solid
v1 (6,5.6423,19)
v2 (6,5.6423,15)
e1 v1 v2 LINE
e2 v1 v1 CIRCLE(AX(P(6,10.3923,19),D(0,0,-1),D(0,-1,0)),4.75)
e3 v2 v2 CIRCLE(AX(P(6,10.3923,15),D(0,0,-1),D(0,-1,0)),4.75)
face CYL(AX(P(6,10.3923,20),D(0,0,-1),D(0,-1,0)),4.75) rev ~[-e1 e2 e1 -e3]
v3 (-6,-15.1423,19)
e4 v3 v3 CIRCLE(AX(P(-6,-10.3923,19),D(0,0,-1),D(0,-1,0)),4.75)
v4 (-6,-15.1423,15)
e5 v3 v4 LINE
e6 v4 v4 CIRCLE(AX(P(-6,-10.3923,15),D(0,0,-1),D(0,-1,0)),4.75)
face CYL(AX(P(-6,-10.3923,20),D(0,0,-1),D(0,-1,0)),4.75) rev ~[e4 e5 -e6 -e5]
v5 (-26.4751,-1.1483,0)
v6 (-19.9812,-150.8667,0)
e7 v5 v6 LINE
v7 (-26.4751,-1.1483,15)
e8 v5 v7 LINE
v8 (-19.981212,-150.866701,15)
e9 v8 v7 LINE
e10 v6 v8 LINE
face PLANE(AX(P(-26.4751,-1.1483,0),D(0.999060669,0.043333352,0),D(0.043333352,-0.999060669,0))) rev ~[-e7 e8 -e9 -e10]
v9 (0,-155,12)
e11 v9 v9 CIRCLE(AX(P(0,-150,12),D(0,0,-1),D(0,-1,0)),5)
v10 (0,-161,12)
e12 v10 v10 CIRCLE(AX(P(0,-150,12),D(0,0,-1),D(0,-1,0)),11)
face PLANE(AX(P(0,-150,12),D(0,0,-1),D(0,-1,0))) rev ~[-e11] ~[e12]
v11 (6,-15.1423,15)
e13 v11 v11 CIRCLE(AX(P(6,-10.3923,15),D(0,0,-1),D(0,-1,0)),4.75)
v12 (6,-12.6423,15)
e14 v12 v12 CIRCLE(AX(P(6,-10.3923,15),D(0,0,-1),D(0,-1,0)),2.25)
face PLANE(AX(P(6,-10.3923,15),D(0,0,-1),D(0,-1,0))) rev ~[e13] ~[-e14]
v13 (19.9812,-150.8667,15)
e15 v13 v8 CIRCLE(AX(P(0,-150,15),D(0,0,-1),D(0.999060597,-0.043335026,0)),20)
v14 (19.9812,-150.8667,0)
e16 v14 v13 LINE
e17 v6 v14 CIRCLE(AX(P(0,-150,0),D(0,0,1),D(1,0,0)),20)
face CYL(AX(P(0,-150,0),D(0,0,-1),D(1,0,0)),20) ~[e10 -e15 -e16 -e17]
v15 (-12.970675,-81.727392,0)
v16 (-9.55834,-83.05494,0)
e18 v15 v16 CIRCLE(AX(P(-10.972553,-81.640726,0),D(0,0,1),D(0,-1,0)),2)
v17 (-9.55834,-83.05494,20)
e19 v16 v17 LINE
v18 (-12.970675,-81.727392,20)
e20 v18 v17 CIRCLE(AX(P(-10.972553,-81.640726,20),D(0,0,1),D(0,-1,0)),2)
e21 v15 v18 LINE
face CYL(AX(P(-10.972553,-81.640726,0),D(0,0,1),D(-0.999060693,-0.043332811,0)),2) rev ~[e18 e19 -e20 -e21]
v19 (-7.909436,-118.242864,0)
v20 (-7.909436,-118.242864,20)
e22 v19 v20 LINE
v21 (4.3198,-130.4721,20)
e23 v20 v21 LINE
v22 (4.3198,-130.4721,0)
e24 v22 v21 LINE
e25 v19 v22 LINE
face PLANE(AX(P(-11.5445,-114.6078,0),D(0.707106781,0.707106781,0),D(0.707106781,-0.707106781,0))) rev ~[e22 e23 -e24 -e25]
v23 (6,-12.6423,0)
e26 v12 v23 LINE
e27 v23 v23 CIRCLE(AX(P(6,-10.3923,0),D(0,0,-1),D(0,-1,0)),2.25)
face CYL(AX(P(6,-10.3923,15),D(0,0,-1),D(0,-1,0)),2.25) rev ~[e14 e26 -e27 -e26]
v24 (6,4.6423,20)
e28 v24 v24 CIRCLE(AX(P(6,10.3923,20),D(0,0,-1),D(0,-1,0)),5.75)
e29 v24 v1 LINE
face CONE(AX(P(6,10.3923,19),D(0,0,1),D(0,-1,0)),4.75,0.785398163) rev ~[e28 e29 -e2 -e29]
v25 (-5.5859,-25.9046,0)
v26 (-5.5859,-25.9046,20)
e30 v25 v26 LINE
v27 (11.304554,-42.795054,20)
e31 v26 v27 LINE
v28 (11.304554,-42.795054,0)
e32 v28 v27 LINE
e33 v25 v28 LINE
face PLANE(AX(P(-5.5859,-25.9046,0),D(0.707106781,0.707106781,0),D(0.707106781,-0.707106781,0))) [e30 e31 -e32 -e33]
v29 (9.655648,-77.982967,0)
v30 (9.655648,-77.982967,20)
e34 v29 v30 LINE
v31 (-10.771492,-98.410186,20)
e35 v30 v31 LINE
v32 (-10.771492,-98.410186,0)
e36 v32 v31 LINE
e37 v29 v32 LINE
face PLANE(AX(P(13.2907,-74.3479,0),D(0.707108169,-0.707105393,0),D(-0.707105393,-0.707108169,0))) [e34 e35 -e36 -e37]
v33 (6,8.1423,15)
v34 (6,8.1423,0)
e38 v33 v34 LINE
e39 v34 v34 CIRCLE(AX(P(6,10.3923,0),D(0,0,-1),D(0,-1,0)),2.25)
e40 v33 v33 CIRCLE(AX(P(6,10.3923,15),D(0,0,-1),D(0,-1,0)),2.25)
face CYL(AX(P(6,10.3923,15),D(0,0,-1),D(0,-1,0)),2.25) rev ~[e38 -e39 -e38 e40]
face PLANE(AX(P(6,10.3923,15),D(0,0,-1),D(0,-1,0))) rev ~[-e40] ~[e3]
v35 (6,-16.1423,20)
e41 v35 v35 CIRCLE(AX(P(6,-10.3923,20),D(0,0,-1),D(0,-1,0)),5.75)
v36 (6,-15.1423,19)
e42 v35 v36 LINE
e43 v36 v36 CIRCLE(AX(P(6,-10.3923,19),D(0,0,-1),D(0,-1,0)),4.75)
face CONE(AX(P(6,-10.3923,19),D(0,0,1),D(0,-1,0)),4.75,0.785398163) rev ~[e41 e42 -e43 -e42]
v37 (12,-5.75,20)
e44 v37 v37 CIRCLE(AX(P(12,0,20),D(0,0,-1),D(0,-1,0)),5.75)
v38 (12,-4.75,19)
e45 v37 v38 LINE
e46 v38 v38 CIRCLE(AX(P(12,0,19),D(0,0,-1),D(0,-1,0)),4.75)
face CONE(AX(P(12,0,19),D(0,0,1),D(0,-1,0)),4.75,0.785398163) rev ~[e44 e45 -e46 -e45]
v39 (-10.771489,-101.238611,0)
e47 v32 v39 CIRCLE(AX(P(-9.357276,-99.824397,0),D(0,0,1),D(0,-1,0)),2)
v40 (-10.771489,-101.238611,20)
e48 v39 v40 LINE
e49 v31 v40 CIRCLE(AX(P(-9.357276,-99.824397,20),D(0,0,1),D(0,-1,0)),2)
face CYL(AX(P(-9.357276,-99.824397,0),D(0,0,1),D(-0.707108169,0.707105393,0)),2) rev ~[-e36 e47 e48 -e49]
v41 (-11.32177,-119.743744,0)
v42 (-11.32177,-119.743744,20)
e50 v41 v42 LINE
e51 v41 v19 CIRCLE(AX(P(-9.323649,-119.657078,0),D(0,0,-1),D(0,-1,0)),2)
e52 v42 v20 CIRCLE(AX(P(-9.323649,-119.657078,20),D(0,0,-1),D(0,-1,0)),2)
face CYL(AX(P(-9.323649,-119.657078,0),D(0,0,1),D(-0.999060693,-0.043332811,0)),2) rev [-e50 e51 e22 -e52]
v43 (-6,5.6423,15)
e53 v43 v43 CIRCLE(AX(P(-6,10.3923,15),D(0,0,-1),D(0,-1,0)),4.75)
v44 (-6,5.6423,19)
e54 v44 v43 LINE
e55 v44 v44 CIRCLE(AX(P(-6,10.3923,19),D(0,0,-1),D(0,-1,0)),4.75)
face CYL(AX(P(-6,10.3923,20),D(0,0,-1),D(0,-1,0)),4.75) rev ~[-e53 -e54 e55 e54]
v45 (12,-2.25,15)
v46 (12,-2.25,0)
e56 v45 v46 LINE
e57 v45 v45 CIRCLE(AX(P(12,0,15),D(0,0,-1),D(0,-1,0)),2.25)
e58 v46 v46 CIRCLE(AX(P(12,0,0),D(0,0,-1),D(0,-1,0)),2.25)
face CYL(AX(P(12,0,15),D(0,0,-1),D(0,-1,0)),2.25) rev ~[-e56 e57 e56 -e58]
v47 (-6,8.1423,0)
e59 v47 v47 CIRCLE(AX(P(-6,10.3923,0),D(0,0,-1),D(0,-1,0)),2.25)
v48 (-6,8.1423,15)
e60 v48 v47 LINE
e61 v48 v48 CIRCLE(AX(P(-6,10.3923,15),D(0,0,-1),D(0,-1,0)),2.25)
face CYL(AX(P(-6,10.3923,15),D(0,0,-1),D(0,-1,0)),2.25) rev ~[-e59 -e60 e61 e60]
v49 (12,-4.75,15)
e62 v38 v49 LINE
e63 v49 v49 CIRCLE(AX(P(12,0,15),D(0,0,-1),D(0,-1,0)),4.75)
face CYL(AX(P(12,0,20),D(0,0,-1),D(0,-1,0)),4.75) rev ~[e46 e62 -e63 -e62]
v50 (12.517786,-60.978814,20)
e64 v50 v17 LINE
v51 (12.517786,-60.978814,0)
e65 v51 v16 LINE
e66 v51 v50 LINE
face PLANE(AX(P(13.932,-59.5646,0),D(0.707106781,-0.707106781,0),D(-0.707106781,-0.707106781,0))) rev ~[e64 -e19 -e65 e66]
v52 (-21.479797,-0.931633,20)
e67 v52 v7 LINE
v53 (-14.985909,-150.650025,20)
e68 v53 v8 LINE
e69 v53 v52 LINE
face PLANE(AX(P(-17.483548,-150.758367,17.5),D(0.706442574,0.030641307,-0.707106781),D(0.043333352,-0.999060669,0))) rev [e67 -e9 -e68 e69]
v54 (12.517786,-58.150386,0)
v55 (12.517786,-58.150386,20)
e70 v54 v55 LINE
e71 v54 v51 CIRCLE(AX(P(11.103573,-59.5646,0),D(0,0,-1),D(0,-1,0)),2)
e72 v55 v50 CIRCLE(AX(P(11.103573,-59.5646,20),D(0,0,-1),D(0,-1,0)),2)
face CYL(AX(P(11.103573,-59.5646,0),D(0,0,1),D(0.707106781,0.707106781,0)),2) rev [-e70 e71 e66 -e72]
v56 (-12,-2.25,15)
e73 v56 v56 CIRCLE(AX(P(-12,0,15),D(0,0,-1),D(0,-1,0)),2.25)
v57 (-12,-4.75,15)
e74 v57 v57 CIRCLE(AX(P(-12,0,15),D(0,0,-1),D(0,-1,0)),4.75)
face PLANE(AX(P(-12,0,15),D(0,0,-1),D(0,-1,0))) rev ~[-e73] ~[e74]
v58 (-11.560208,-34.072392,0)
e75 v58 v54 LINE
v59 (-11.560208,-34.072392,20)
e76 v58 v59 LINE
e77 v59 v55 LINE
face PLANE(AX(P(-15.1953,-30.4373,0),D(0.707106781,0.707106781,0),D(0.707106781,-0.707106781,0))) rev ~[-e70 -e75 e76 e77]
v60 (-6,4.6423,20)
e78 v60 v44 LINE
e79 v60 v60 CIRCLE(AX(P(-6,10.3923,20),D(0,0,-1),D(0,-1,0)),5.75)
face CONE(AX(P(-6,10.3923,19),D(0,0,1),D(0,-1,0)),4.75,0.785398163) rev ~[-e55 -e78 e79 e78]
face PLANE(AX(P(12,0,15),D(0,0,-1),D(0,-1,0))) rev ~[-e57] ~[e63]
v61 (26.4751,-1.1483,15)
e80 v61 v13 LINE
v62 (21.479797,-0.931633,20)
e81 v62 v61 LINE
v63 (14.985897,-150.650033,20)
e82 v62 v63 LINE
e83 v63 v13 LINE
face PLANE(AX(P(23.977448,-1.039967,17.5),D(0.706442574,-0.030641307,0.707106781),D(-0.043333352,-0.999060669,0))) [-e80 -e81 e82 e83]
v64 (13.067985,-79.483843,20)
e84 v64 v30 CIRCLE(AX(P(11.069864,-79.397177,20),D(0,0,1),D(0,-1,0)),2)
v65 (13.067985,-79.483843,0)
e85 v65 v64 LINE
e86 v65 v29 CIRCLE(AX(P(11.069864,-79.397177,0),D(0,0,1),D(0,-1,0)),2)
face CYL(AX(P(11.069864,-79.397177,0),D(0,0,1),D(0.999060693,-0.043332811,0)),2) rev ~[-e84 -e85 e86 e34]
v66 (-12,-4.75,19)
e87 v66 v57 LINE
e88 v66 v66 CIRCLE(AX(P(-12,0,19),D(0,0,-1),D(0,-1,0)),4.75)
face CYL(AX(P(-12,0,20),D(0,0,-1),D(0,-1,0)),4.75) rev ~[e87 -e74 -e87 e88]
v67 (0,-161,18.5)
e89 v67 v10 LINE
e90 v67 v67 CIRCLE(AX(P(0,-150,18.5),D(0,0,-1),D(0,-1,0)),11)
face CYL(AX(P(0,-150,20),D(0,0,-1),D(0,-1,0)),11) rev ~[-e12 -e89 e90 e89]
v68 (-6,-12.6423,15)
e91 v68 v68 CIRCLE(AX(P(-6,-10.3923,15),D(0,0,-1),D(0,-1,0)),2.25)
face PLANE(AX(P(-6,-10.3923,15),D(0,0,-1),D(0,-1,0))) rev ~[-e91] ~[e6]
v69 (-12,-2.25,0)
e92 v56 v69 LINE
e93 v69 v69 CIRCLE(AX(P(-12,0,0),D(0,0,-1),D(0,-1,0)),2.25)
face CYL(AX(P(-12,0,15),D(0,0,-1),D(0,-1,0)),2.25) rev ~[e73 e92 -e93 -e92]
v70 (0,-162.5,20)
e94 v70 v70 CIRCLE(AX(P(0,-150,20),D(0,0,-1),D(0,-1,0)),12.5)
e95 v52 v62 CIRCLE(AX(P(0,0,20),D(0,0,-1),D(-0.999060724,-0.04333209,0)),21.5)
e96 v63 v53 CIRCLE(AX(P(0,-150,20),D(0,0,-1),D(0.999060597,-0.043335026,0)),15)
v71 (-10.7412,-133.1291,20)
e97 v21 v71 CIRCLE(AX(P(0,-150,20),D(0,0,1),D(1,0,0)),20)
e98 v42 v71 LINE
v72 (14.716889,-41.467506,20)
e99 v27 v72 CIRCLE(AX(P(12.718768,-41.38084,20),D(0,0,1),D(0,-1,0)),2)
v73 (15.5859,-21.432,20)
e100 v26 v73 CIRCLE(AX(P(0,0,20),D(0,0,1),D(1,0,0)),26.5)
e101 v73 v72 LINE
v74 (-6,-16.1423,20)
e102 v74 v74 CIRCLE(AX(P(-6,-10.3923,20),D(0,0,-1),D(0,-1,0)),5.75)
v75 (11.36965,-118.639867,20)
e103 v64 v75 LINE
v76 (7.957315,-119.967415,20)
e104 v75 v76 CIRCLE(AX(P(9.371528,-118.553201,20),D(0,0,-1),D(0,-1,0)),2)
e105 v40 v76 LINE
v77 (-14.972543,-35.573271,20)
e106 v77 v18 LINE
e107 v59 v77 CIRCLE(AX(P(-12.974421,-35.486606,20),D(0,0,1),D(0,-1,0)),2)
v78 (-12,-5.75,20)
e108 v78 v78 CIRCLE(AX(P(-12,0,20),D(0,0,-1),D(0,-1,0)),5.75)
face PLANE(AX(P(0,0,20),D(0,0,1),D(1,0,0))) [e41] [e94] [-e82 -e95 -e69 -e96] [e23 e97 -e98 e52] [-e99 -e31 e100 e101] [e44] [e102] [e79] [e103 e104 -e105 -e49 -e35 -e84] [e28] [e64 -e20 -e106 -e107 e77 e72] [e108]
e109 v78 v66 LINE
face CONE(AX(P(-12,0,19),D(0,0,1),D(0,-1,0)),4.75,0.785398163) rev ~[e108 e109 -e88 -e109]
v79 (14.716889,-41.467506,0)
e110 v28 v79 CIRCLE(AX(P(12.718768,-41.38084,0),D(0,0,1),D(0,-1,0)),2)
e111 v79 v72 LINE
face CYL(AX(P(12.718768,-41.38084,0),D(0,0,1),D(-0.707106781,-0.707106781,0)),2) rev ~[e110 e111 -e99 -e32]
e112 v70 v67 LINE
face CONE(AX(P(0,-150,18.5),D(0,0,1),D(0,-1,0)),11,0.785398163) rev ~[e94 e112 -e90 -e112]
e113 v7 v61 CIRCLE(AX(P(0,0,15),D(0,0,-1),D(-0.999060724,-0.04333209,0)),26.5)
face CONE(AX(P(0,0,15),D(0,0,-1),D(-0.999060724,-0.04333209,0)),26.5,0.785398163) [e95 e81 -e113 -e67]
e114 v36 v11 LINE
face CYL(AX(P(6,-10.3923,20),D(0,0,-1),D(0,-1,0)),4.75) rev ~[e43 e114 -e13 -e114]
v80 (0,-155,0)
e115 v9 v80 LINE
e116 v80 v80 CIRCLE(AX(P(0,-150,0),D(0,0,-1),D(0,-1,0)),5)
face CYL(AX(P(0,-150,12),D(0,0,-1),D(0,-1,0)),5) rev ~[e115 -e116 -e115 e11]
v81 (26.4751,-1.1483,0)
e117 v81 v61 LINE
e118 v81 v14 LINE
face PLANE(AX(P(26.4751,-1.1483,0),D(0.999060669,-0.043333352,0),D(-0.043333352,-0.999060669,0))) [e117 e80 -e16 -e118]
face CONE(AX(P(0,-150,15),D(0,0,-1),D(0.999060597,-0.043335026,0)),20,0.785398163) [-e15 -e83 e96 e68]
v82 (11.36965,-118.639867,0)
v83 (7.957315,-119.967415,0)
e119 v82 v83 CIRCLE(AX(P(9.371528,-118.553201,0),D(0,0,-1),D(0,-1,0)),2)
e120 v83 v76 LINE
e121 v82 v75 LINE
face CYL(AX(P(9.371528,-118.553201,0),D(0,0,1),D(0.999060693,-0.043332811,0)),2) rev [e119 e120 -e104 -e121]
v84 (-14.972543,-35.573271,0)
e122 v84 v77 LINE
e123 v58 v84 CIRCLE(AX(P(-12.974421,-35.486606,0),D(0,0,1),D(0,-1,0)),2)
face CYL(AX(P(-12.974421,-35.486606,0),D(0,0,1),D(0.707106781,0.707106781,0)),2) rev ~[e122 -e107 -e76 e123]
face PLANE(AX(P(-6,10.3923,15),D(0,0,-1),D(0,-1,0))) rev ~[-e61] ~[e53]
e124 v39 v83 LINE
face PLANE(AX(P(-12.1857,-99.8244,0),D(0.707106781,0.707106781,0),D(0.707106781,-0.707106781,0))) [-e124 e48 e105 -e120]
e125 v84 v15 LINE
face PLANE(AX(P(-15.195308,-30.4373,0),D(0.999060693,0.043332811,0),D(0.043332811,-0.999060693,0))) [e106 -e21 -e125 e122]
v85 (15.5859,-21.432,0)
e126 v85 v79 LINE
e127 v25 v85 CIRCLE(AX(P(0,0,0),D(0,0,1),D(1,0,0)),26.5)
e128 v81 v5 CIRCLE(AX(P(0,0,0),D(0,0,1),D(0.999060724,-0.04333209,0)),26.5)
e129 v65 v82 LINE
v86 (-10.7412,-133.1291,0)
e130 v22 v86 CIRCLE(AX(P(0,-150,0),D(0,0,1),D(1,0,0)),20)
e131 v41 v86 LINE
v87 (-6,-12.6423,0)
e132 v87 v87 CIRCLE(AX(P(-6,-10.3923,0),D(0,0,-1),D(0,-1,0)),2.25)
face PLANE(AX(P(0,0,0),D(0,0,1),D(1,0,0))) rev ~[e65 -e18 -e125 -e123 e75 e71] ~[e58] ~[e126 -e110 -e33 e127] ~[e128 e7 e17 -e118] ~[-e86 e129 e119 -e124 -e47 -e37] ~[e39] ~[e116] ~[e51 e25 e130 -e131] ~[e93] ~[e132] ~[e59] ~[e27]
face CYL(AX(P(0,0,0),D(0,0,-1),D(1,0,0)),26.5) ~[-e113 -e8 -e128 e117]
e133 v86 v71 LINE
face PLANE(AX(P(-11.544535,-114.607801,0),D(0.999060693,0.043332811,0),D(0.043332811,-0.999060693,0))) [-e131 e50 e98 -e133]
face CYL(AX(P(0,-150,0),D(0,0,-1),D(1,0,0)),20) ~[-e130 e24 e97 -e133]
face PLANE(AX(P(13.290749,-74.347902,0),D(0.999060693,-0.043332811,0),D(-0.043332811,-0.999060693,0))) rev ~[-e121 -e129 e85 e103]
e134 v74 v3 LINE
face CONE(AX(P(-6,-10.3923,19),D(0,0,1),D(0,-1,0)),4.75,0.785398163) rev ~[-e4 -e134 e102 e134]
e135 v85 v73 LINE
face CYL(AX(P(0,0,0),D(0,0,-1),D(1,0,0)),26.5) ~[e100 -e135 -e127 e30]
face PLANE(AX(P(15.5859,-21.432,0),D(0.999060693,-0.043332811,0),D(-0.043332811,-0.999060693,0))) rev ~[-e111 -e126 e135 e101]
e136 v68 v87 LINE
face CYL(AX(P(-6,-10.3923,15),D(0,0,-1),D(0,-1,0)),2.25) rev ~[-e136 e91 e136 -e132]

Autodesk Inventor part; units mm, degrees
ref_plane "YZ Plane" through (0, 0, 0) normal (1, 0, 0) x (0, 1, 0)
ref_plane "XZ Plane" through (0, 0, 0) normal (0, 1, 0) x (-1, 0, 0)
ref_plane "XY Plane" through (0, 0, 0) normal (0, 0, 1) x (1, 0, 0)
sketch "Sketch1" plane through (0, 0, 0) normal (0, 0, 1) x (1, 0, 0)
  circle A0 centre (0, 0) radius 26.5
  circle A1 centre (0, -150) radius 20
  line L0 (-26.4751, -1.1483) -> (-19.9812, -150.8667)
  line L1 (26.4751, -1.1483) -> (19.9812, -150.8667)
  line L2 (-15.5859, -21.432) -> (-10.7412, -133.1291)
  line L3 (15.5859, -21.432) -> (10.7412, -133.1291)
  line L4 (-5.5859, -25.9046) -> (14.5199, -46.0104)
  line L5 (-15.1953, -30.4373) -> (13.932, -59.5646)
  line L6 (-37.1, 0) -> (37.1, 0) projected
  line L7 (13.932, -59.5646) -> (-12.7736, -86.2702)
  line L8 (13.2907, -74.3479) -> (-12.1857, -99.8244)
  line L9 (-12.1857, -99.8244) -> (11.1726, -123.1827)
  line L10 (-11.5445, -114.6078) -> (4.3198, -130.4721)
  point P0 (-26.5, 0)
  point P1 (26.5, 0)
  dimension "d0" = 53
  dimension "d1" = 40
  dimension "d2" = 150
  dimension "d4" = 10
  dimension "d5" = 10
  dimension "d6" = 10
  dimension "d7" = 45
  dimension "d8" = 10
  dimension "d9" = 10
  dimension "d10" = 90
  dimension "d11" = 90
  dimension "d12" = 10
extrude "Extrusion1" add sketch "Sketch1" along normal blind 20 contours A0 L6 | A0 L2 A1 L0 | A0 L4 L3 L5 L2 | A0 L6 | A1 | A1 L3 A0 L1 | L7 L3 L8 L2 | L10 L2 L9 L3 A1
sketch "Sketch2" plane through (0, 0, 20) normal (0, 0, 1) x (1, 0, 0)
  line L0 (0, -209.3) -> (0, 65.8) projected
  line L1 (-6, 10.3923) -> (0, 0) construction
  point P0 (6, 10.3923)
  point P1 (-6, -10.3923)
  point P2 (-12, 0)
  point P3 (12, 0)
  point P4 (6, -10.3923)
  dimension "d18" = 12
  dimension "d19" = 12
  dimension "d22" = 360
hole "Hole1" at (-6, 10.3923, 20) at (-6, -10.3923, 20) at (-12, 0, 20) at (12, 0, 20) at (6, -10.3923, 20) at (6, 10.3923, 20) direction (0, 0, -1) diameter 4.5 end through all counterbore diameter 9.5 counterbore depth 5
fillet "Fillet1" radius 2 8 edges at (-15.1953, -30.4373, 10) (13.932, -59.5646, 10) (14.5199, -46.0104, 10) (-12.7736, -86.2702, 10) (13.2907, -74.3479, 10) (-12.1857, -99.8244, 10) (11.1726, -123.1827, 10) (-11.5445, -114.6078, 10)
chamfer "Chamfer3" distance 1 angle 45 6 edges at (-12, 4.75, 20) (-6, -5.6423, 20) (-6, 15.1423, 20) (6, -5.6423, 20) (6, 15.1423, 20) (12, 4.75, 20)
chamfer "Chamfer2" distance 5 angle 45 4 edges at (23.2282, -76.0075, 20) (0, 26.5, 20) (-23.2282, -76.0075, 20) (0, -170, 20)
sketch "Sketch3" plane through (0, 0, 20) normal (0, 0, 1) x (1, 0, 0)
  arc A0 (-14.9859, -150.65) -> (14.9859, -150.65) centre (0, -150) ccw projected
  point P0 (0, 0)
hole "Hole2" at (0, -150, 20) direction (0, 0, -1) diameter 10 end through all counterbore diameter 22 counterbore depth 8
chamfer "Chamfer4" distance 1.5 angle 45 1 edges at (0, -139, 20)
properties part number "UPPER_LINKAGE_LH"
